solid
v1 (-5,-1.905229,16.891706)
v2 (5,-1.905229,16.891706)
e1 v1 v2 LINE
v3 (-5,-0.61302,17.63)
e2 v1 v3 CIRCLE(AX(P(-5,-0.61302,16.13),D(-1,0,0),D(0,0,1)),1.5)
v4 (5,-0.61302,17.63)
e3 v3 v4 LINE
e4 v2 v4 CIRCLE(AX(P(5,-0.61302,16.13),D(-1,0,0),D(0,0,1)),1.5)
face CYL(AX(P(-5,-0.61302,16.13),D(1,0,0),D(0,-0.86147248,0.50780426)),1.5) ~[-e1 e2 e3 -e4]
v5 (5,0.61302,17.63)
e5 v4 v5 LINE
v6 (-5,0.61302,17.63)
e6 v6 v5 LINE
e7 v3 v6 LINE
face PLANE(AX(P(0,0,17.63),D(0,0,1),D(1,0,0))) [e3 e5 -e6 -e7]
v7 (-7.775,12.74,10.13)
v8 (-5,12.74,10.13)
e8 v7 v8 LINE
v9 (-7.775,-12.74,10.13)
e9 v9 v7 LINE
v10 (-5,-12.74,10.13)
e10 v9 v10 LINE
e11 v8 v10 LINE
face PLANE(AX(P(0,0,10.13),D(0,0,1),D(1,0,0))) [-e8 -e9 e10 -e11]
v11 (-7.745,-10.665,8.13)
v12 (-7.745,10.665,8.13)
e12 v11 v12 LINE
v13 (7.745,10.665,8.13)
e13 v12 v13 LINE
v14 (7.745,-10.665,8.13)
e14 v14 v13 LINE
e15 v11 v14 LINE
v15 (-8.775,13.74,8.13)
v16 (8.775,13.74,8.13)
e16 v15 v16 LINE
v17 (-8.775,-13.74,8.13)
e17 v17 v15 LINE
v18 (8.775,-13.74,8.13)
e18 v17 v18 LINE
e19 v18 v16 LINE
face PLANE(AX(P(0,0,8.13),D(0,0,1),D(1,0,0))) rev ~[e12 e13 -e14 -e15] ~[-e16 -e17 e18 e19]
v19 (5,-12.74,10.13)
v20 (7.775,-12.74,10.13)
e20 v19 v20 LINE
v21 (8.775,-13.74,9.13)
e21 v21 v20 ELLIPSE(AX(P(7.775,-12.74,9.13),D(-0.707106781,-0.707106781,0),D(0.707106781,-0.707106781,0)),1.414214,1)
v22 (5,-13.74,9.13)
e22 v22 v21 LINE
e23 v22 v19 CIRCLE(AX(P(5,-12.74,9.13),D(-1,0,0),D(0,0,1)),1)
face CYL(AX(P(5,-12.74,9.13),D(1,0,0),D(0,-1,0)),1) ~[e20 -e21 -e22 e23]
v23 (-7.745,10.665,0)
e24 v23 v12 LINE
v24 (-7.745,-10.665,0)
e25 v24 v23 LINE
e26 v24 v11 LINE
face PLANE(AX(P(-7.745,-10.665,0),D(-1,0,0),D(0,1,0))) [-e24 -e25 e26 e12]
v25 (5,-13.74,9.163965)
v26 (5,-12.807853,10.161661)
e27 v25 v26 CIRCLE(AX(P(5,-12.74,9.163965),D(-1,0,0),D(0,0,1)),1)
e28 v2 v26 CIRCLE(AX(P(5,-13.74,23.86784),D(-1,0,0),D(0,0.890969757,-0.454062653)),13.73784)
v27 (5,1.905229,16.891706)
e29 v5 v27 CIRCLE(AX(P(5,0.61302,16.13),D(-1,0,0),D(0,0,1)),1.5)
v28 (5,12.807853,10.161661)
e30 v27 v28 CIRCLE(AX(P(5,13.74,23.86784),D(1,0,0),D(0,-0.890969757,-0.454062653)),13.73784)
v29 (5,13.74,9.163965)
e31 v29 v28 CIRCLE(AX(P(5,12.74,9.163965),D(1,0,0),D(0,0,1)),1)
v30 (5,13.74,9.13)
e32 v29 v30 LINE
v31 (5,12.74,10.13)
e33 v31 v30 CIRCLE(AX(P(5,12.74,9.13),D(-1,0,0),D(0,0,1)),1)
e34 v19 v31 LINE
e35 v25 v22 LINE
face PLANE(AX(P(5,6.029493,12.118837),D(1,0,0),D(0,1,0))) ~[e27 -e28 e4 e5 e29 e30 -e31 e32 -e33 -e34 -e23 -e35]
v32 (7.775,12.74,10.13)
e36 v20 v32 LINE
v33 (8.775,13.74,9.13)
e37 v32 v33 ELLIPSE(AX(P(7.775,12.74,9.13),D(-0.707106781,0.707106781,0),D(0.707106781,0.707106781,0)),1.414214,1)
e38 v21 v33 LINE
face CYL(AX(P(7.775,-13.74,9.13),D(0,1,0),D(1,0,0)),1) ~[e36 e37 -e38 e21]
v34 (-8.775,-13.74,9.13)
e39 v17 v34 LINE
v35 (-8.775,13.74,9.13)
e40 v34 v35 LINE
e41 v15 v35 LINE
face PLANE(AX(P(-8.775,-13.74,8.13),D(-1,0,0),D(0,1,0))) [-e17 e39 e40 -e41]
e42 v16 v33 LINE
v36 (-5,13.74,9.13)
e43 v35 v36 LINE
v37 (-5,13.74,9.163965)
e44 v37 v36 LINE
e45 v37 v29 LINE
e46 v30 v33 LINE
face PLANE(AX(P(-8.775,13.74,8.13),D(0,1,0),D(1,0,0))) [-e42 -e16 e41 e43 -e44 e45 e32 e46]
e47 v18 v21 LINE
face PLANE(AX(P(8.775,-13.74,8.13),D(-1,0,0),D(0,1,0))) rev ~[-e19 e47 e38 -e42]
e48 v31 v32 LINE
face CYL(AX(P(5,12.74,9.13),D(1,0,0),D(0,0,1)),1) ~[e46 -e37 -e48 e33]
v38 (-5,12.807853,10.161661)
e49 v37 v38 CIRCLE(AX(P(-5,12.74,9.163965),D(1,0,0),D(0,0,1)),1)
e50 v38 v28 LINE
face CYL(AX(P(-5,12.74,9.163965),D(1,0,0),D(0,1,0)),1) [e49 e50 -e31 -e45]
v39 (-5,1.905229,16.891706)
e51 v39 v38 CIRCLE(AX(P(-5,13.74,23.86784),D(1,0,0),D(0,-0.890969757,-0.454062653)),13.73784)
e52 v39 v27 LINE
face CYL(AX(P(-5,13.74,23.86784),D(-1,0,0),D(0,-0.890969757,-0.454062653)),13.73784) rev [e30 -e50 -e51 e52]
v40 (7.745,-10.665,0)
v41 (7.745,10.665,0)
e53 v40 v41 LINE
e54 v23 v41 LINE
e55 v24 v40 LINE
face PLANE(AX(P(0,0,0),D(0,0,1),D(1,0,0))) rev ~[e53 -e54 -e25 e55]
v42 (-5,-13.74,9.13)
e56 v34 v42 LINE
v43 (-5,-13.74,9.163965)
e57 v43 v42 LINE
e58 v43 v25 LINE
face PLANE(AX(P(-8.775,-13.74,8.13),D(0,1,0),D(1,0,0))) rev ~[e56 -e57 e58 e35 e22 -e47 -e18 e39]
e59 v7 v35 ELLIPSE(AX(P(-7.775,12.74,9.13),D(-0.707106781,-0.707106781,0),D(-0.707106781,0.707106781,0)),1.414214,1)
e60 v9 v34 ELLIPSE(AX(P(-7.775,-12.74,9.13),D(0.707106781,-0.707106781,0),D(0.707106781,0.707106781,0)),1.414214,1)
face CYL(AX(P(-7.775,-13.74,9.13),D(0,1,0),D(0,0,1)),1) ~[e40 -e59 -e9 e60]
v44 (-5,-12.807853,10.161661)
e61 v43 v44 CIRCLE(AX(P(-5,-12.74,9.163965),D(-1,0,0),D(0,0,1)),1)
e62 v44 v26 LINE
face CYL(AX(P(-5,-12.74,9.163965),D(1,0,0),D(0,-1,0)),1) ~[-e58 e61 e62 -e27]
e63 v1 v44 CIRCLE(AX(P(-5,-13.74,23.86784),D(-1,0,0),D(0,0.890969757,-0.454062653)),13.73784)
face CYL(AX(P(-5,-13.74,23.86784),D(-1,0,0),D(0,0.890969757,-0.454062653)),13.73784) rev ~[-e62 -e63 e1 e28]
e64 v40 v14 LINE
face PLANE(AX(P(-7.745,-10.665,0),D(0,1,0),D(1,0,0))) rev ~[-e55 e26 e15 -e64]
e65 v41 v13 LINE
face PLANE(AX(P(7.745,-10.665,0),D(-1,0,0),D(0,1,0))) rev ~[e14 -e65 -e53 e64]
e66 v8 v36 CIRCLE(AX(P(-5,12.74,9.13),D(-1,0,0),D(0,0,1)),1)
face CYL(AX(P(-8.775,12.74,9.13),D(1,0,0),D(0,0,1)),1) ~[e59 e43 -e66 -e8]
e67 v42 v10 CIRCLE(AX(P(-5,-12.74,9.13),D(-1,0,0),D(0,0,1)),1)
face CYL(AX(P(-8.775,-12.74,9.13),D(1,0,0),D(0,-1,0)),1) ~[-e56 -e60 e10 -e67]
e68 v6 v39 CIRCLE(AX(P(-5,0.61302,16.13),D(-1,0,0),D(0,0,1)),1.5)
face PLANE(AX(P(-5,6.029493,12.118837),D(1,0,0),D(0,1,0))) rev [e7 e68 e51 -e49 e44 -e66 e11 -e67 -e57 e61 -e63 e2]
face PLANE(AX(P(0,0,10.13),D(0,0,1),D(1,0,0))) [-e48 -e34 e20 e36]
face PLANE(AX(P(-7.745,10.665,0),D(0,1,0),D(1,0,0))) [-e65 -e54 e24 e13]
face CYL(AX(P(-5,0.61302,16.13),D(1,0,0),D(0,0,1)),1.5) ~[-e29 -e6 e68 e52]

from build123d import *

# Parameters (mm, degrees)
SKETCH_W     = 15.49
SKETCH_H     = 21.33
PAD_DEPTH    = 8.13
SKETCH001_W  = 17.55
SKETCH001_H  = 27.48
PAD001_DEPTH = 2
SKETCH002_W  = 10
SKETCH002_H  = 3
PAD002_DEPTH = 7.5
PAD003_DEPTH = 10
FILLET_R     = 1
FILLET001_R  = 1
FILLET002_R  = 1.5


with BuildPart() as part:
    # Sketch → Pad (new body)
    with BuildSketch(Plane.XY):
        Rectangle(SKETCH_W, SKETCH_H)
    extrude(amount=PAD_DEPTH)

    # Sketch001 (on Face6 of Pad) → Pad001 (join)
    with BuildSketch(Plane.XY.offset(8.13)):
        Rectangle(SKETCH001_W, SKETCH001_H)
    extrude(amount=PAD001_DEPTH)

    # Sketch002 (on Face5 of Pad001) → Pad002 (join)
    with BuildSketch(Plane.XY.offset(10.13)):
        Rectangle(SKETCH002_W, SKETCH002_H)
    extrude(amount=PAD002_DEPTH)

    # Sketch003 (on Face14 of Pad002) → Pad003 (join)
    with BuildSketch(Plane(origin=(-5, 0, 0), x_dir=(0, -1, 0), z_dir=(-1, 0, 0))):
        with BuildLine():
            ThreePointArc((1.5, 17.63), (6.562473, 12.154115), (13.74, 10.13))
            Line((1.5, 10.13), (13.74, 10.13))
            Line((1.5, 17.63), (1.5, 10.13))
        make_face()
    pad003 = extrude(amount=-PAD003_DEPTH)

    # Mirrored: Pad003 across Sketch003 V_Axis
    add(pad003.mirror(Plane(origin=(-5, 0, 0), x_dir=(-1, 0, 0), z_dir=(0, -1, 0))))

    # Fillet
    fillet_edges = [part.edges().sort_by_distance(p)[0] for p in [
        (-8.775, 0, 10.13),
        (-6.8875, -13.74, 10.13),
        (-6.8875, 13.74, 10.13),
        (6.8875, 13.74, 10.13),
        (6.8875, -13.74, 10.13),
        (8.775, 0, 10.13),
    ]]
    fillet(fillet_edges, radius=FILLET_R)

    # Fillet001
    fillet001_edges = [part.edges().sort_by_distance(p)[0] for p in [
        (0, -13.74, 10.13),
        (0, 13.74, 10.13),
    ]]
    fillet(fillet001_edges, radius=FILLET001_R)

    # Fillet002
    fillet002_edges = [part.edges().sort_by_distance(p)[0] for p in [
        (0, 1.5, 17.63),
        (0, -1.5, 17.63),
    ]]
    fillet(fillet002_edges, radius=FILLET002_R)


solid = part.part
